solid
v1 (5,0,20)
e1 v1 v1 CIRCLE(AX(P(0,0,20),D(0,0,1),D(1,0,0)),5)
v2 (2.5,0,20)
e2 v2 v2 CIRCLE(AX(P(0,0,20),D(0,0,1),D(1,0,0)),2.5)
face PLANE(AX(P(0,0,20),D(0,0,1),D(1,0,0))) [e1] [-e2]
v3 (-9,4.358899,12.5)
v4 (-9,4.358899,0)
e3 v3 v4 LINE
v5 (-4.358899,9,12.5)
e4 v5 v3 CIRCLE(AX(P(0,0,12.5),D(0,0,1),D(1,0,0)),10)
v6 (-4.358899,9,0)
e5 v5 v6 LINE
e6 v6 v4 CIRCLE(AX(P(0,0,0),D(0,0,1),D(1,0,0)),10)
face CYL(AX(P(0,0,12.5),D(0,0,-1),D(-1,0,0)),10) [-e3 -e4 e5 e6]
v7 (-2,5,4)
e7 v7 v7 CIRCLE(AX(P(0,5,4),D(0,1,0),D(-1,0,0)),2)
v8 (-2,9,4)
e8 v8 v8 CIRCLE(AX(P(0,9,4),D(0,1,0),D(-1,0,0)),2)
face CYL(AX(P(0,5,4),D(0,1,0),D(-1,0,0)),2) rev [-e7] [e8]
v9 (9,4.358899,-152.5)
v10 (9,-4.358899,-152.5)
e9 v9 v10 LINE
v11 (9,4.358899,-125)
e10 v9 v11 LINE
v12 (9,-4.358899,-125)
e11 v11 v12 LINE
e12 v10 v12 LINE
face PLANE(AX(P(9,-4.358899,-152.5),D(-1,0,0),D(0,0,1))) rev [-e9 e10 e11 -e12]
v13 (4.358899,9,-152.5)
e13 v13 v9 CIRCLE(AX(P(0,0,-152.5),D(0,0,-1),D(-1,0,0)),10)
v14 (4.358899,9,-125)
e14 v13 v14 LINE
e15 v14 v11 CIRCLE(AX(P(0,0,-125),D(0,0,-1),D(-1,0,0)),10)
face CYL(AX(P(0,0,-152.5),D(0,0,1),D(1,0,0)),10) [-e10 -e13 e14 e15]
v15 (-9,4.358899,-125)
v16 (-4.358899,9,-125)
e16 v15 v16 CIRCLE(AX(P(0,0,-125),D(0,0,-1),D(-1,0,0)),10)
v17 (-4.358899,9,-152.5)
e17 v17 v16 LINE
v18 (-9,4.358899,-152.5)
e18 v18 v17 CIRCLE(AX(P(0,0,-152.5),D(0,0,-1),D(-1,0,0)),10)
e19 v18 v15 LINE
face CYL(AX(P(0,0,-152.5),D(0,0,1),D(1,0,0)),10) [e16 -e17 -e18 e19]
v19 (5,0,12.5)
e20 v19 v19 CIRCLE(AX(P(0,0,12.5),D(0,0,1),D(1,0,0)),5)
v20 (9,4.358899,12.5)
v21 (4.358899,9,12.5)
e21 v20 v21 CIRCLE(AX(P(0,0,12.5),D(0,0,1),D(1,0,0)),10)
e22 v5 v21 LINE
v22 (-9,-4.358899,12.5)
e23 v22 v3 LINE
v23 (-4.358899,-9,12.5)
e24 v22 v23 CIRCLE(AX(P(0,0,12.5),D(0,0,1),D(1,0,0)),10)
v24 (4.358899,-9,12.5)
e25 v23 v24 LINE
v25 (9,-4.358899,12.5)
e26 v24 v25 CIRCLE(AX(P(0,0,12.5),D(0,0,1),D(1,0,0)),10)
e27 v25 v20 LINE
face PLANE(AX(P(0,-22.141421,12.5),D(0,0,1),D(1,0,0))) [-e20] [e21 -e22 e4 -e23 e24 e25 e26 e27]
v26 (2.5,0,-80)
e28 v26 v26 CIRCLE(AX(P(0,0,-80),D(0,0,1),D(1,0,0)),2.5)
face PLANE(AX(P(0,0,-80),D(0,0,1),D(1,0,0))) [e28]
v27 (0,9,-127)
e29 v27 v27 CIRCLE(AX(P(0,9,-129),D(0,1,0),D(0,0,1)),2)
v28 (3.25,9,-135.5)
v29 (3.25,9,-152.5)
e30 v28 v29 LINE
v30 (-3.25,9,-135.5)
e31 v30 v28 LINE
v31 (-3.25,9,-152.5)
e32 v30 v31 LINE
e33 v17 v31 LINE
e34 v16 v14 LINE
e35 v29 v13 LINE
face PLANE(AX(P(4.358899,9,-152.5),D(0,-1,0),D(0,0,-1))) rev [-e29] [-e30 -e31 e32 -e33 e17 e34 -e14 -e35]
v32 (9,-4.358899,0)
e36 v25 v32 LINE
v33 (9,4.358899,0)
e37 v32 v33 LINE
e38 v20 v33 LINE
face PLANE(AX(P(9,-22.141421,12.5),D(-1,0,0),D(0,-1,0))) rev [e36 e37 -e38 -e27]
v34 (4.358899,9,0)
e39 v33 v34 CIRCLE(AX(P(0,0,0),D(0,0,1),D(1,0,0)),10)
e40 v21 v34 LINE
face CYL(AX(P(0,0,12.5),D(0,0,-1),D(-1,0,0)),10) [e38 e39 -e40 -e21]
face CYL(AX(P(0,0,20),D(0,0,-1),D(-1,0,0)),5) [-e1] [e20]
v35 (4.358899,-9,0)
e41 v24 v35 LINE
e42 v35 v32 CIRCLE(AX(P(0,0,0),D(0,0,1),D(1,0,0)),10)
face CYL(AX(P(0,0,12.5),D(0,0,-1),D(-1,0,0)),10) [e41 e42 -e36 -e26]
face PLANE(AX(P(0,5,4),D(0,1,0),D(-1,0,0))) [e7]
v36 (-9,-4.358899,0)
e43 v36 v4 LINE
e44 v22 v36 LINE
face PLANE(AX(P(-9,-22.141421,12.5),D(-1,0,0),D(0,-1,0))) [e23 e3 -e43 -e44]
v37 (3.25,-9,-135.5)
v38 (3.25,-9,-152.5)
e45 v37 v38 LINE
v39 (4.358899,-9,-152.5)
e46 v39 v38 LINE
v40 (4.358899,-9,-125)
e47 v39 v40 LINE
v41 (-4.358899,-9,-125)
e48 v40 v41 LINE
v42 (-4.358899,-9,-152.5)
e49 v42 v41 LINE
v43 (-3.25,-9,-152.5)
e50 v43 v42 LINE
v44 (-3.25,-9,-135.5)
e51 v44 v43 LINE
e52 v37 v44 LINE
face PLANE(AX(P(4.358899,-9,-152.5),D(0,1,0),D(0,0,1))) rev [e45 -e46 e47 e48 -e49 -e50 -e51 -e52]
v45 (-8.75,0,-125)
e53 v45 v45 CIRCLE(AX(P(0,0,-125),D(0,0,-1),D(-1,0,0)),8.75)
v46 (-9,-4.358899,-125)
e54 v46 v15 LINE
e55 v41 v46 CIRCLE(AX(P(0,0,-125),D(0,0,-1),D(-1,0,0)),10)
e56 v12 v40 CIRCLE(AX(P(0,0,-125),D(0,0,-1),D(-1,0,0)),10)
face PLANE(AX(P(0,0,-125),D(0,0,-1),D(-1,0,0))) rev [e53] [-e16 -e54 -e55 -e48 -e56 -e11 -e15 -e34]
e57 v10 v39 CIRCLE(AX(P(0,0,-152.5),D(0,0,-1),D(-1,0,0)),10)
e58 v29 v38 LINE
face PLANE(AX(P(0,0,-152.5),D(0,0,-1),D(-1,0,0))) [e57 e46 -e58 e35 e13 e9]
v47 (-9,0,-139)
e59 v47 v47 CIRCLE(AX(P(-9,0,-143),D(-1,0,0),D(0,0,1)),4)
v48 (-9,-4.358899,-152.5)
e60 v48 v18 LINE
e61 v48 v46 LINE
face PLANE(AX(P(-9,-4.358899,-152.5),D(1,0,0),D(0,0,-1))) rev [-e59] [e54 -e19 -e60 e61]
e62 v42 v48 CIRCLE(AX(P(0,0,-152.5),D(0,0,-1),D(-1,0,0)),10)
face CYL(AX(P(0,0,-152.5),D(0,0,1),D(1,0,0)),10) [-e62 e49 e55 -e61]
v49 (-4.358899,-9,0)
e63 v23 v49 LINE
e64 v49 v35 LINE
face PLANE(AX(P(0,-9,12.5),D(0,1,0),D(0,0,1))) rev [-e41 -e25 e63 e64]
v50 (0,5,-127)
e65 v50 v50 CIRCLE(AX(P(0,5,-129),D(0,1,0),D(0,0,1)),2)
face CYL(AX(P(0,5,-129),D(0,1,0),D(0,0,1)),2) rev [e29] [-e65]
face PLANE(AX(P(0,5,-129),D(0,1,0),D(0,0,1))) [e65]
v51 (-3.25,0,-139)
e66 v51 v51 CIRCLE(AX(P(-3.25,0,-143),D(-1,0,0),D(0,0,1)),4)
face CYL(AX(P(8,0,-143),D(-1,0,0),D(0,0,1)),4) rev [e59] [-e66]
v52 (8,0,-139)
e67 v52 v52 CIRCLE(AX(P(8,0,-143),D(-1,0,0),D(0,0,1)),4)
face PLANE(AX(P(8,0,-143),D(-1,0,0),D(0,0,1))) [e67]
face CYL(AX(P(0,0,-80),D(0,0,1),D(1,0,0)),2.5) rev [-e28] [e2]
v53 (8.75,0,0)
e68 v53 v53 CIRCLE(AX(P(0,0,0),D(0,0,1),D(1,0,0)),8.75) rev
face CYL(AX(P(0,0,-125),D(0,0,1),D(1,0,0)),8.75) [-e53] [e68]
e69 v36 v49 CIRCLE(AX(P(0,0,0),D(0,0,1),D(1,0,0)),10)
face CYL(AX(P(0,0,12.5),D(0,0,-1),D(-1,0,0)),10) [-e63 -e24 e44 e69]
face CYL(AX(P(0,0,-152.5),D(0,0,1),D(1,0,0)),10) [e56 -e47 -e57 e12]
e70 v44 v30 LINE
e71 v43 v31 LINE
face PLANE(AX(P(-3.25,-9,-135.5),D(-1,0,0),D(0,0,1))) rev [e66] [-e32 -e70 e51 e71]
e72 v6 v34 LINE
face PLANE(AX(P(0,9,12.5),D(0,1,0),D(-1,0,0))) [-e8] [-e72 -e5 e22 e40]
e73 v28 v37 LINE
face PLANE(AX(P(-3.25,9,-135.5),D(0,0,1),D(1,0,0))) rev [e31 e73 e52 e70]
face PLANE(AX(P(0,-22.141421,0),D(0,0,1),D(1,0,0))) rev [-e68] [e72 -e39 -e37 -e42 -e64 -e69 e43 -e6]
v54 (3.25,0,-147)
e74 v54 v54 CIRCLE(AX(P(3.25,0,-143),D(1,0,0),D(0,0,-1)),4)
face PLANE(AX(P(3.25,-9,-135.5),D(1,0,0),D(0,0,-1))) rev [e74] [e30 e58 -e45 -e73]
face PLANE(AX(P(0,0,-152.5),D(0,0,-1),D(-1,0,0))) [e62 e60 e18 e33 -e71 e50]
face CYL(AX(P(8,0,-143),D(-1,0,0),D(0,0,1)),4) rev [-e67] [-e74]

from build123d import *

# Parameters (mm, degrees)
BOSS_EXTRUDE1_DEPTH = 12.5
SKETCH2_R           = 5
BOSS_EXTRUDE2_DEPTH = 7.5
SKETCH3_R           = 8.75
BOSS_EXTRUDE3_DEPTH = 125
BOSS_EXTRUDE4_START = 27.5
BOSS_EXTRUDE4_DEPTH = 27.5
SKETCH7_W           = 6.5
SKETCH7_H           = 18
CUT_EXTRUDE1_DEPTH  = 17
SKETCH8_R           = 4
CUT_EXTRUDE2_DEPTH  = 17
SKETCH9_R           = 2
CUT_EXTRUDE3_DEPTH  = 4
SKETCH10_R          = 2
CUT_EXTRUDE4_DEPTH  = 4
SKETCH11_R          = 2.5
CUT_EXTRUDE5_DEPTH  = 100


with BuildPart() as part:
    # Sketch1 → Boss-Extrude1 (new body)
    with BuildSketch(Plane.XY):
        with BuildLine():
            ThreePointArc((-9, -4.358898944), (-7.071067812, -7.071067812), (-4.358898944, -9))
            Line((-4.358898944, -9), (4.358898944, -9))
            ThreePointArc((4.358898944, -9), (7.071067812, -7.071067812), (9, -4.358898944))
            Line((9, -4.358898944), (9, 4.358898944))
            ThreePointArc((9, 4.358898944), (7.071067812, 7.071067812), (4.358898944, 9))
            Line((4.358898944, 9), (-4.358898944, 9))
            ThreePointArc((-4.358898944, 9), (-7.071067812, 7.071067812), (-9, 4.358898944))
            Line((-9, 4.358898944), (-9, -4.358898944))
        make_face()
    extrude(amount=BOSS_EXTRUDE1_DEPTH)

    # Sketch2 → Boss-Extrude2 (add)
    with BuildSketch(Plane.XY.offset(12.5)):
        Circle(SKETCH2_R)
    extrude(amount=BOSS_EXTRUDE2_DEPTH)

    # Sketch3 → Boss-Extrude3 (add)
    with BuildSketch(Plane(origin=(0, 0, 0), x_dir=(-1, 0, 0), z_dir=(0, 0, -1))):
        with Locations(Location((0, 0, 0), (0, 0, 180))):
            Circle(SKETCH3_R)
    extrude(amount=BOSS_EXTRUDE3_DEPTH)

    # Sketch6 → Boss-Extrude4 (add)
    with BuildSketch(Plane(origin=(0, 0, -125), x_dir=(-1, 0, 0), z_dir=(0, 0, -1)).offset(BOSS_EXTRUDE4_START)):
        with BuildLine():
            Line((-4.358898944, -9), (4.358898944, -9))
            ThreePointArc((4.358898944, -9), (7.071067812, -7.071067812), (9, -4.358898944))
            Line((9, -4.358898944), (9, 4.358898944))
            ThreePointArc((9, 4.358898944), (7.071067812, 7.071067812), (4.358898944, 9))
            Line((4.358898944, 9), (-4.358898944, 9))
            ThreePointArc((-4.358898944, 9), (-7.071067812, 7.071067812), (-9, 4.358898944))
            Line((-9, 4.358898944), (-9, -4.358898944))
            ThreePointArc((-9, -4.358898944), (-7.071067812, -7.071067812), (-4.358898944, -9))
        make_face()
    extrude(amount=-BOSS_EXTRUDE4_DEPTH)

    # Sketch7 → Cut-Extrude1 (cut)
    with BuildSketch(Plane(origin=(0, 0, -152.5), x_dir=(-1, 0, 0), z_dir=(0, 0, -1))):
        Rectangle(SKETCH7_W, SKETCH7_H)
    extrude(amount=-CUT_EXTRUDE1_DEPTH, mode=Mode.SUBTRACT)

    # Sketch8 → Cut-Extrude2 (cut)
    with BuildSketch(Plane.ZY.offset(9)):
        with Locations((-143, 0)):
            Circle(SKETCH8_R)
    extrude(amount=-CUT_EXTRUDE2_DEPTH, mode=Mode.SUBTRACT)

    # Sketch9 → Cut-Extrude3 (cut)
    with BuildSketch(Plane(origin=(0, 9, 0), x_dir=(1, 0, 0), z_dir=(0, 1, 0))):
        with Locations(Location((0, 129, 0), (0, 0, 270))):
            Circle(SKETCH9_R)
    extrude(amount=-CUT_EXTRUDE3_DEPTH, mode=Mode.SUBTRACT)

    # Sketch10 → Cut-Extrude4 (cut)
    with BuildSketch(Plane(origin=(0, 9, 0), x_dir=(1, 0, 0), z_dir=(0, 1, 0))):
        with Locations(Location((0, -4, 0), (0, 0, 180))):
            Circle(SKETCH10_R)
    extrude(amount=-CUT_EXTRUDE4_DEPTH, mode=Mode.SUBTRACT)

    # Sketch11 → Cut-Extrude5 (cut)
    with BuildSketch(Plane.XY.offset(20)):
        Circle(SKETCH11_R)
    extrude(amount=-CUT_EXTRUDE5_DEPTH, mode=Mode.SUBTRACT)


solid = part.part
